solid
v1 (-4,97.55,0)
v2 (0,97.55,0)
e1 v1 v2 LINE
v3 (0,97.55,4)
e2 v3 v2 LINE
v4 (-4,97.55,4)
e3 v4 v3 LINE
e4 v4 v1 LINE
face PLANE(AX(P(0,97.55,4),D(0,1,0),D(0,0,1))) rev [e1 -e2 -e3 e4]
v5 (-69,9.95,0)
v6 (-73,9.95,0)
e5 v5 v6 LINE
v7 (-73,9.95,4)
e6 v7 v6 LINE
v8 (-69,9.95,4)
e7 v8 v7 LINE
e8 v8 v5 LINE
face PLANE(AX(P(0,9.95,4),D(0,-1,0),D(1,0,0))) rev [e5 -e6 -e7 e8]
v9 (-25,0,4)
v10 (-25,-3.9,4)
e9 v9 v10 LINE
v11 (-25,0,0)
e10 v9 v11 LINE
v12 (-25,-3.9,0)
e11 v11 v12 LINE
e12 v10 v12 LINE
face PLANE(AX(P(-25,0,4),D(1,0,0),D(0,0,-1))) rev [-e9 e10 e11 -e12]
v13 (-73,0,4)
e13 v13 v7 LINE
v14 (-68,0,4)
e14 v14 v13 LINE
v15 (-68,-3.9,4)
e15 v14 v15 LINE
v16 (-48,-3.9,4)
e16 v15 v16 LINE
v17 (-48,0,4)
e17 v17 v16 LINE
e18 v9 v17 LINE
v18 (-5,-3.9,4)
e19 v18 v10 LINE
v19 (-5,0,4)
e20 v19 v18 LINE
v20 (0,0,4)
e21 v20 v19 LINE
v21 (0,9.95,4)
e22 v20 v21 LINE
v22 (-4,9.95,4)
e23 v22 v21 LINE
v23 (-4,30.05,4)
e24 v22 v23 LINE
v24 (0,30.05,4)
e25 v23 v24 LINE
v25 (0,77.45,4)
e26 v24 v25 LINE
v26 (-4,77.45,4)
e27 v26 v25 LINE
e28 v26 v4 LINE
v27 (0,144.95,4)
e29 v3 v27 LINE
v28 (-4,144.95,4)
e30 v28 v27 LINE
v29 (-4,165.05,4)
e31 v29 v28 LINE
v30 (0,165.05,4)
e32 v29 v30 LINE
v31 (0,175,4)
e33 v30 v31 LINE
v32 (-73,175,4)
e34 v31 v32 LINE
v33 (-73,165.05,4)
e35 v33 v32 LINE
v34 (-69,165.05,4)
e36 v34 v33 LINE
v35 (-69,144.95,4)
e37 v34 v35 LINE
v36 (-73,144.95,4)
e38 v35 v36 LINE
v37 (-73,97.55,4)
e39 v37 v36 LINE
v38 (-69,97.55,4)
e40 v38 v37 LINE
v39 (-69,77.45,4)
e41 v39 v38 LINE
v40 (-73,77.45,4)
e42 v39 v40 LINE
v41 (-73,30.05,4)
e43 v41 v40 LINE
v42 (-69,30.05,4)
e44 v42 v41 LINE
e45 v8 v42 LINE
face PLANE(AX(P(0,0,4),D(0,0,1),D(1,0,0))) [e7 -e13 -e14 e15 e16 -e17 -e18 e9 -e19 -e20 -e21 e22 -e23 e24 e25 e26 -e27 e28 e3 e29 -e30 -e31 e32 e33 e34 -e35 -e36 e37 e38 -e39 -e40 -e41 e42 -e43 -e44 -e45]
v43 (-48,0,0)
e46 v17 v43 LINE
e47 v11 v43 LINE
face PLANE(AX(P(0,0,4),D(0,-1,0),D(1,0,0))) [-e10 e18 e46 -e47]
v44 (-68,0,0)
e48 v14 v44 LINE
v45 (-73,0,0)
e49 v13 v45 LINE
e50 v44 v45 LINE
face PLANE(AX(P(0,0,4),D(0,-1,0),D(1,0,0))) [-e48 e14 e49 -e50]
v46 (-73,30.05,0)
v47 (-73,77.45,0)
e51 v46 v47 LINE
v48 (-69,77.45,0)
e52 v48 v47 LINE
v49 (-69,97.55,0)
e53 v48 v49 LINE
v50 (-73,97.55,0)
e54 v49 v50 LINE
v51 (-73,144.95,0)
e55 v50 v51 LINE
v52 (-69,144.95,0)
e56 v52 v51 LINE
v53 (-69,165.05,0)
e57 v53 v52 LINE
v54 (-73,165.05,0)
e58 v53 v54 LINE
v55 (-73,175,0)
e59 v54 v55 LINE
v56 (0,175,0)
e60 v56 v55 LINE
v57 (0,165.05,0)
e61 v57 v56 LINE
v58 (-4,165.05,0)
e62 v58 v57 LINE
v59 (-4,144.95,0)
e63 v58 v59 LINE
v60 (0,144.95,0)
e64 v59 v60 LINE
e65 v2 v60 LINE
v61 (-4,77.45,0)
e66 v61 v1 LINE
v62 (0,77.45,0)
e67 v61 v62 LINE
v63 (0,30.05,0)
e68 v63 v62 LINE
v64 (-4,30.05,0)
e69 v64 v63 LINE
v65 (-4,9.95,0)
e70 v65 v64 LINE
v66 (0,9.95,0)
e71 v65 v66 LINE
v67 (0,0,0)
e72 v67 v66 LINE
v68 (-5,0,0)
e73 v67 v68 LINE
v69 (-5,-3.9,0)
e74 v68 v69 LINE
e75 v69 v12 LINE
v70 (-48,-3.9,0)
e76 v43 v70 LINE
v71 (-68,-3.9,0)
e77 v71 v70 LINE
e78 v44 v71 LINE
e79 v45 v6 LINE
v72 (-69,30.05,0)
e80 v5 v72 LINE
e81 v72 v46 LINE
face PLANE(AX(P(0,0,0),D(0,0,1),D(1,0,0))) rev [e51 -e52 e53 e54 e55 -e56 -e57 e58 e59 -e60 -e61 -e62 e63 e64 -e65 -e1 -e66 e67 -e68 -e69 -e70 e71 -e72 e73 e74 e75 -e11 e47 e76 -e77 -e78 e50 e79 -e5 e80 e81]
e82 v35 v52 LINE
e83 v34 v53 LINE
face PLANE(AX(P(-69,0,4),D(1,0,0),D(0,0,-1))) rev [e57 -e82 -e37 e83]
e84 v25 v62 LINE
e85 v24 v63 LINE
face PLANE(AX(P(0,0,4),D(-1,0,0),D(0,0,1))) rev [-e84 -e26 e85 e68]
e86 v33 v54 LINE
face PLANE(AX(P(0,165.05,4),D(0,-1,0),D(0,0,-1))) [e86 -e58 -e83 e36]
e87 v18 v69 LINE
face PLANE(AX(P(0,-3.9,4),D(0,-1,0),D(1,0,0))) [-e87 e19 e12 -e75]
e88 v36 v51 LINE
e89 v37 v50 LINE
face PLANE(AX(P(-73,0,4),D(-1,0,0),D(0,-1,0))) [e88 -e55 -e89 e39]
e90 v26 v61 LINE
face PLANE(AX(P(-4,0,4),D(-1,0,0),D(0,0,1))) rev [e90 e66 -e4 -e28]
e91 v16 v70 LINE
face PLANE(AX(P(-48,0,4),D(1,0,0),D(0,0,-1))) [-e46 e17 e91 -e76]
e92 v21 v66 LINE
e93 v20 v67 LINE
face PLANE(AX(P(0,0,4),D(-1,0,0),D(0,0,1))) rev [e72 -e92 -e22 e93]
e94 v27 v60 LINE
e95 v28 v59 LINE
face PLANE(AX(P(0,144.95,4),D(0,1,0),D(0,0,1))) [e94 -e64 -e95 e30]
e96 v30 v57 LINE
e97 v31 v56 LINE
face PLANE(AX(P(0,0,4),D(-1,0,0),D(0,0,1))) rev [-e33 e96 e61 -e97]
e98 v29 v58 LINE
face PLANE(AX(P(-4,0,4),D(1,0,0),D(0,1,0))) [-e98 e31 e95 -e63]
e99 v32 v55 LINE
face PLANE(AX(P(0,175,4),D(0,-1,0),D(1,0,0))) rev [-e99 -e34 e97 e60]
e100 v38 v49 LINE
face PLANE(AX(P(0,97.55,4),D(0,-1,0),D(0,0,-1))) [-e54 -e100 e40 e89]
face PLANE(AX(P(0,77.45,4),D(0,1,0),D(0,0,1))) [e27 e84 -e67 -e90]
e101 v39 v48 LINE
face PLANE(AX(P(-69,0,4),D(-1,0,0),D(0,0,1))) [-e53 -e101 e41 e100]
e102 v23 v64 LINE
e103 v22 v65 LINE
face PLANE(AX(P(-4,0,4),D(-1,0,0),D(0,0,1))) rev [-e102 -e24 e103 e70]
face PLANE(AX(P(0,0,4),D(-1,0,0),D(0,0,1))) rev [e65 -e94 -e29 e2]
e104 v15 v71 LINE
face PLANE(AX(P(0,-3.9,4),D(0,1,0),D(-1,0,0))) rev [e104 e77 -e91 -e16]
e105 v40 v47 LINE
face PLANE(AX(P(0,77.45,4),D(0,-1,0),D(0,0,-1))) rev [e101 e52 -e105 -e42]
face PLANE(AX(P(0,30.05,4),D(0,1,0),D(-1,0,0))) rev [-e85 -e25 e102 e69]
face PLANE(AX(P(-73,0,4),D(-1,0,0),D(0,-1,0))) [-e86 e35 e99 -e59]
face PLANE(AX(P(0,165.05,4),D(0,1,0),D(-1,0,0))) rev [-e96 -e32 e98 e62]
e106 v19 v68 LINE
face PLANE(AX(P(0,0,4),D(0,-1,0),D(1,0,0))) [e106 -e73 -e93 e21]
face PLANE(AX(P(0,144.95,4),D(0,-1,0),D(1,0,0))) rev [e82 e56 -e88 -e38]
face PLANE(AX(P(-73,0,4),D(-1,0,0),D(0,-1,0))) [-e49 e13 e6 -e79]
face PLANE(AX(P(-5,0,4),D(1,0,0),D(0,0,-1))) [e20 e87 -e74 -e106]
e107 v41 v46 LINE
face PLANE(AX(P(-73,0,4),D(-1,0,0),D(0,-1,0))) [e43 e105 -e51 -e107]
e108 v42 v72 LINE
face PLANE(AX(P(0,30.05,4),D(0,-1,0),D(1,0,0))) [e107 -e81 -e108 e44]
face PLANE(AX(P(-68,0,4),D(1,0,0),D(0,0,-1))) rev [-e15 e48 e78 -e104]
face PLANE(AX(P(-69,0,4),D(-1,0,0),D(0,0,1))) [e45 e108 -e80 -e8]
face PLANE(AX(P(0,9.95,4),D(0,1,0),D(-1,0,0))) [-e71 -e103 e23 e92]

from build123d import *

# Parameters (mm, degrees)
EXTRUDE_1_DEPTH = 4


with BuildPart() as part:
    # ｽｹｯﾁ1 → ﾎﾞｽ - 押し出し1 (new body)
    with BuildSketch(Plane(origin=(0, 0, 0), x_dir=(0, 1, 0), z_dir=(0, 0, 1))):
        Polygon((-3.9, 25), (-3.9, 5), (0, 5), (0, 0), (9.95, 0), (9.95, 4), (30.05, 4), (30.05, 0), (77.45, 0), (77.45, 4), (97.55, 4), (97.55, 0), (144.95, 0), (144.95, 4), (165.05, 4), (165.05, 0), (175, 0), (175, 73), (165.05, 73), (165.05, 69), (144.95, 69), (144.95, 73), (97.55, 73), (97.55, 69), (77.45, 69), (77.45, 73), (30.05, 73), (30.05, 69), (9.95, 69), (9.95, 73), (0, 73), (0, 68), (-3.9, 68), (-3.9, 48), (0, 48), (0, 25), align=None)
    extrude(amount=EXTRUDE_1_DEPTH)


solid = part.part
